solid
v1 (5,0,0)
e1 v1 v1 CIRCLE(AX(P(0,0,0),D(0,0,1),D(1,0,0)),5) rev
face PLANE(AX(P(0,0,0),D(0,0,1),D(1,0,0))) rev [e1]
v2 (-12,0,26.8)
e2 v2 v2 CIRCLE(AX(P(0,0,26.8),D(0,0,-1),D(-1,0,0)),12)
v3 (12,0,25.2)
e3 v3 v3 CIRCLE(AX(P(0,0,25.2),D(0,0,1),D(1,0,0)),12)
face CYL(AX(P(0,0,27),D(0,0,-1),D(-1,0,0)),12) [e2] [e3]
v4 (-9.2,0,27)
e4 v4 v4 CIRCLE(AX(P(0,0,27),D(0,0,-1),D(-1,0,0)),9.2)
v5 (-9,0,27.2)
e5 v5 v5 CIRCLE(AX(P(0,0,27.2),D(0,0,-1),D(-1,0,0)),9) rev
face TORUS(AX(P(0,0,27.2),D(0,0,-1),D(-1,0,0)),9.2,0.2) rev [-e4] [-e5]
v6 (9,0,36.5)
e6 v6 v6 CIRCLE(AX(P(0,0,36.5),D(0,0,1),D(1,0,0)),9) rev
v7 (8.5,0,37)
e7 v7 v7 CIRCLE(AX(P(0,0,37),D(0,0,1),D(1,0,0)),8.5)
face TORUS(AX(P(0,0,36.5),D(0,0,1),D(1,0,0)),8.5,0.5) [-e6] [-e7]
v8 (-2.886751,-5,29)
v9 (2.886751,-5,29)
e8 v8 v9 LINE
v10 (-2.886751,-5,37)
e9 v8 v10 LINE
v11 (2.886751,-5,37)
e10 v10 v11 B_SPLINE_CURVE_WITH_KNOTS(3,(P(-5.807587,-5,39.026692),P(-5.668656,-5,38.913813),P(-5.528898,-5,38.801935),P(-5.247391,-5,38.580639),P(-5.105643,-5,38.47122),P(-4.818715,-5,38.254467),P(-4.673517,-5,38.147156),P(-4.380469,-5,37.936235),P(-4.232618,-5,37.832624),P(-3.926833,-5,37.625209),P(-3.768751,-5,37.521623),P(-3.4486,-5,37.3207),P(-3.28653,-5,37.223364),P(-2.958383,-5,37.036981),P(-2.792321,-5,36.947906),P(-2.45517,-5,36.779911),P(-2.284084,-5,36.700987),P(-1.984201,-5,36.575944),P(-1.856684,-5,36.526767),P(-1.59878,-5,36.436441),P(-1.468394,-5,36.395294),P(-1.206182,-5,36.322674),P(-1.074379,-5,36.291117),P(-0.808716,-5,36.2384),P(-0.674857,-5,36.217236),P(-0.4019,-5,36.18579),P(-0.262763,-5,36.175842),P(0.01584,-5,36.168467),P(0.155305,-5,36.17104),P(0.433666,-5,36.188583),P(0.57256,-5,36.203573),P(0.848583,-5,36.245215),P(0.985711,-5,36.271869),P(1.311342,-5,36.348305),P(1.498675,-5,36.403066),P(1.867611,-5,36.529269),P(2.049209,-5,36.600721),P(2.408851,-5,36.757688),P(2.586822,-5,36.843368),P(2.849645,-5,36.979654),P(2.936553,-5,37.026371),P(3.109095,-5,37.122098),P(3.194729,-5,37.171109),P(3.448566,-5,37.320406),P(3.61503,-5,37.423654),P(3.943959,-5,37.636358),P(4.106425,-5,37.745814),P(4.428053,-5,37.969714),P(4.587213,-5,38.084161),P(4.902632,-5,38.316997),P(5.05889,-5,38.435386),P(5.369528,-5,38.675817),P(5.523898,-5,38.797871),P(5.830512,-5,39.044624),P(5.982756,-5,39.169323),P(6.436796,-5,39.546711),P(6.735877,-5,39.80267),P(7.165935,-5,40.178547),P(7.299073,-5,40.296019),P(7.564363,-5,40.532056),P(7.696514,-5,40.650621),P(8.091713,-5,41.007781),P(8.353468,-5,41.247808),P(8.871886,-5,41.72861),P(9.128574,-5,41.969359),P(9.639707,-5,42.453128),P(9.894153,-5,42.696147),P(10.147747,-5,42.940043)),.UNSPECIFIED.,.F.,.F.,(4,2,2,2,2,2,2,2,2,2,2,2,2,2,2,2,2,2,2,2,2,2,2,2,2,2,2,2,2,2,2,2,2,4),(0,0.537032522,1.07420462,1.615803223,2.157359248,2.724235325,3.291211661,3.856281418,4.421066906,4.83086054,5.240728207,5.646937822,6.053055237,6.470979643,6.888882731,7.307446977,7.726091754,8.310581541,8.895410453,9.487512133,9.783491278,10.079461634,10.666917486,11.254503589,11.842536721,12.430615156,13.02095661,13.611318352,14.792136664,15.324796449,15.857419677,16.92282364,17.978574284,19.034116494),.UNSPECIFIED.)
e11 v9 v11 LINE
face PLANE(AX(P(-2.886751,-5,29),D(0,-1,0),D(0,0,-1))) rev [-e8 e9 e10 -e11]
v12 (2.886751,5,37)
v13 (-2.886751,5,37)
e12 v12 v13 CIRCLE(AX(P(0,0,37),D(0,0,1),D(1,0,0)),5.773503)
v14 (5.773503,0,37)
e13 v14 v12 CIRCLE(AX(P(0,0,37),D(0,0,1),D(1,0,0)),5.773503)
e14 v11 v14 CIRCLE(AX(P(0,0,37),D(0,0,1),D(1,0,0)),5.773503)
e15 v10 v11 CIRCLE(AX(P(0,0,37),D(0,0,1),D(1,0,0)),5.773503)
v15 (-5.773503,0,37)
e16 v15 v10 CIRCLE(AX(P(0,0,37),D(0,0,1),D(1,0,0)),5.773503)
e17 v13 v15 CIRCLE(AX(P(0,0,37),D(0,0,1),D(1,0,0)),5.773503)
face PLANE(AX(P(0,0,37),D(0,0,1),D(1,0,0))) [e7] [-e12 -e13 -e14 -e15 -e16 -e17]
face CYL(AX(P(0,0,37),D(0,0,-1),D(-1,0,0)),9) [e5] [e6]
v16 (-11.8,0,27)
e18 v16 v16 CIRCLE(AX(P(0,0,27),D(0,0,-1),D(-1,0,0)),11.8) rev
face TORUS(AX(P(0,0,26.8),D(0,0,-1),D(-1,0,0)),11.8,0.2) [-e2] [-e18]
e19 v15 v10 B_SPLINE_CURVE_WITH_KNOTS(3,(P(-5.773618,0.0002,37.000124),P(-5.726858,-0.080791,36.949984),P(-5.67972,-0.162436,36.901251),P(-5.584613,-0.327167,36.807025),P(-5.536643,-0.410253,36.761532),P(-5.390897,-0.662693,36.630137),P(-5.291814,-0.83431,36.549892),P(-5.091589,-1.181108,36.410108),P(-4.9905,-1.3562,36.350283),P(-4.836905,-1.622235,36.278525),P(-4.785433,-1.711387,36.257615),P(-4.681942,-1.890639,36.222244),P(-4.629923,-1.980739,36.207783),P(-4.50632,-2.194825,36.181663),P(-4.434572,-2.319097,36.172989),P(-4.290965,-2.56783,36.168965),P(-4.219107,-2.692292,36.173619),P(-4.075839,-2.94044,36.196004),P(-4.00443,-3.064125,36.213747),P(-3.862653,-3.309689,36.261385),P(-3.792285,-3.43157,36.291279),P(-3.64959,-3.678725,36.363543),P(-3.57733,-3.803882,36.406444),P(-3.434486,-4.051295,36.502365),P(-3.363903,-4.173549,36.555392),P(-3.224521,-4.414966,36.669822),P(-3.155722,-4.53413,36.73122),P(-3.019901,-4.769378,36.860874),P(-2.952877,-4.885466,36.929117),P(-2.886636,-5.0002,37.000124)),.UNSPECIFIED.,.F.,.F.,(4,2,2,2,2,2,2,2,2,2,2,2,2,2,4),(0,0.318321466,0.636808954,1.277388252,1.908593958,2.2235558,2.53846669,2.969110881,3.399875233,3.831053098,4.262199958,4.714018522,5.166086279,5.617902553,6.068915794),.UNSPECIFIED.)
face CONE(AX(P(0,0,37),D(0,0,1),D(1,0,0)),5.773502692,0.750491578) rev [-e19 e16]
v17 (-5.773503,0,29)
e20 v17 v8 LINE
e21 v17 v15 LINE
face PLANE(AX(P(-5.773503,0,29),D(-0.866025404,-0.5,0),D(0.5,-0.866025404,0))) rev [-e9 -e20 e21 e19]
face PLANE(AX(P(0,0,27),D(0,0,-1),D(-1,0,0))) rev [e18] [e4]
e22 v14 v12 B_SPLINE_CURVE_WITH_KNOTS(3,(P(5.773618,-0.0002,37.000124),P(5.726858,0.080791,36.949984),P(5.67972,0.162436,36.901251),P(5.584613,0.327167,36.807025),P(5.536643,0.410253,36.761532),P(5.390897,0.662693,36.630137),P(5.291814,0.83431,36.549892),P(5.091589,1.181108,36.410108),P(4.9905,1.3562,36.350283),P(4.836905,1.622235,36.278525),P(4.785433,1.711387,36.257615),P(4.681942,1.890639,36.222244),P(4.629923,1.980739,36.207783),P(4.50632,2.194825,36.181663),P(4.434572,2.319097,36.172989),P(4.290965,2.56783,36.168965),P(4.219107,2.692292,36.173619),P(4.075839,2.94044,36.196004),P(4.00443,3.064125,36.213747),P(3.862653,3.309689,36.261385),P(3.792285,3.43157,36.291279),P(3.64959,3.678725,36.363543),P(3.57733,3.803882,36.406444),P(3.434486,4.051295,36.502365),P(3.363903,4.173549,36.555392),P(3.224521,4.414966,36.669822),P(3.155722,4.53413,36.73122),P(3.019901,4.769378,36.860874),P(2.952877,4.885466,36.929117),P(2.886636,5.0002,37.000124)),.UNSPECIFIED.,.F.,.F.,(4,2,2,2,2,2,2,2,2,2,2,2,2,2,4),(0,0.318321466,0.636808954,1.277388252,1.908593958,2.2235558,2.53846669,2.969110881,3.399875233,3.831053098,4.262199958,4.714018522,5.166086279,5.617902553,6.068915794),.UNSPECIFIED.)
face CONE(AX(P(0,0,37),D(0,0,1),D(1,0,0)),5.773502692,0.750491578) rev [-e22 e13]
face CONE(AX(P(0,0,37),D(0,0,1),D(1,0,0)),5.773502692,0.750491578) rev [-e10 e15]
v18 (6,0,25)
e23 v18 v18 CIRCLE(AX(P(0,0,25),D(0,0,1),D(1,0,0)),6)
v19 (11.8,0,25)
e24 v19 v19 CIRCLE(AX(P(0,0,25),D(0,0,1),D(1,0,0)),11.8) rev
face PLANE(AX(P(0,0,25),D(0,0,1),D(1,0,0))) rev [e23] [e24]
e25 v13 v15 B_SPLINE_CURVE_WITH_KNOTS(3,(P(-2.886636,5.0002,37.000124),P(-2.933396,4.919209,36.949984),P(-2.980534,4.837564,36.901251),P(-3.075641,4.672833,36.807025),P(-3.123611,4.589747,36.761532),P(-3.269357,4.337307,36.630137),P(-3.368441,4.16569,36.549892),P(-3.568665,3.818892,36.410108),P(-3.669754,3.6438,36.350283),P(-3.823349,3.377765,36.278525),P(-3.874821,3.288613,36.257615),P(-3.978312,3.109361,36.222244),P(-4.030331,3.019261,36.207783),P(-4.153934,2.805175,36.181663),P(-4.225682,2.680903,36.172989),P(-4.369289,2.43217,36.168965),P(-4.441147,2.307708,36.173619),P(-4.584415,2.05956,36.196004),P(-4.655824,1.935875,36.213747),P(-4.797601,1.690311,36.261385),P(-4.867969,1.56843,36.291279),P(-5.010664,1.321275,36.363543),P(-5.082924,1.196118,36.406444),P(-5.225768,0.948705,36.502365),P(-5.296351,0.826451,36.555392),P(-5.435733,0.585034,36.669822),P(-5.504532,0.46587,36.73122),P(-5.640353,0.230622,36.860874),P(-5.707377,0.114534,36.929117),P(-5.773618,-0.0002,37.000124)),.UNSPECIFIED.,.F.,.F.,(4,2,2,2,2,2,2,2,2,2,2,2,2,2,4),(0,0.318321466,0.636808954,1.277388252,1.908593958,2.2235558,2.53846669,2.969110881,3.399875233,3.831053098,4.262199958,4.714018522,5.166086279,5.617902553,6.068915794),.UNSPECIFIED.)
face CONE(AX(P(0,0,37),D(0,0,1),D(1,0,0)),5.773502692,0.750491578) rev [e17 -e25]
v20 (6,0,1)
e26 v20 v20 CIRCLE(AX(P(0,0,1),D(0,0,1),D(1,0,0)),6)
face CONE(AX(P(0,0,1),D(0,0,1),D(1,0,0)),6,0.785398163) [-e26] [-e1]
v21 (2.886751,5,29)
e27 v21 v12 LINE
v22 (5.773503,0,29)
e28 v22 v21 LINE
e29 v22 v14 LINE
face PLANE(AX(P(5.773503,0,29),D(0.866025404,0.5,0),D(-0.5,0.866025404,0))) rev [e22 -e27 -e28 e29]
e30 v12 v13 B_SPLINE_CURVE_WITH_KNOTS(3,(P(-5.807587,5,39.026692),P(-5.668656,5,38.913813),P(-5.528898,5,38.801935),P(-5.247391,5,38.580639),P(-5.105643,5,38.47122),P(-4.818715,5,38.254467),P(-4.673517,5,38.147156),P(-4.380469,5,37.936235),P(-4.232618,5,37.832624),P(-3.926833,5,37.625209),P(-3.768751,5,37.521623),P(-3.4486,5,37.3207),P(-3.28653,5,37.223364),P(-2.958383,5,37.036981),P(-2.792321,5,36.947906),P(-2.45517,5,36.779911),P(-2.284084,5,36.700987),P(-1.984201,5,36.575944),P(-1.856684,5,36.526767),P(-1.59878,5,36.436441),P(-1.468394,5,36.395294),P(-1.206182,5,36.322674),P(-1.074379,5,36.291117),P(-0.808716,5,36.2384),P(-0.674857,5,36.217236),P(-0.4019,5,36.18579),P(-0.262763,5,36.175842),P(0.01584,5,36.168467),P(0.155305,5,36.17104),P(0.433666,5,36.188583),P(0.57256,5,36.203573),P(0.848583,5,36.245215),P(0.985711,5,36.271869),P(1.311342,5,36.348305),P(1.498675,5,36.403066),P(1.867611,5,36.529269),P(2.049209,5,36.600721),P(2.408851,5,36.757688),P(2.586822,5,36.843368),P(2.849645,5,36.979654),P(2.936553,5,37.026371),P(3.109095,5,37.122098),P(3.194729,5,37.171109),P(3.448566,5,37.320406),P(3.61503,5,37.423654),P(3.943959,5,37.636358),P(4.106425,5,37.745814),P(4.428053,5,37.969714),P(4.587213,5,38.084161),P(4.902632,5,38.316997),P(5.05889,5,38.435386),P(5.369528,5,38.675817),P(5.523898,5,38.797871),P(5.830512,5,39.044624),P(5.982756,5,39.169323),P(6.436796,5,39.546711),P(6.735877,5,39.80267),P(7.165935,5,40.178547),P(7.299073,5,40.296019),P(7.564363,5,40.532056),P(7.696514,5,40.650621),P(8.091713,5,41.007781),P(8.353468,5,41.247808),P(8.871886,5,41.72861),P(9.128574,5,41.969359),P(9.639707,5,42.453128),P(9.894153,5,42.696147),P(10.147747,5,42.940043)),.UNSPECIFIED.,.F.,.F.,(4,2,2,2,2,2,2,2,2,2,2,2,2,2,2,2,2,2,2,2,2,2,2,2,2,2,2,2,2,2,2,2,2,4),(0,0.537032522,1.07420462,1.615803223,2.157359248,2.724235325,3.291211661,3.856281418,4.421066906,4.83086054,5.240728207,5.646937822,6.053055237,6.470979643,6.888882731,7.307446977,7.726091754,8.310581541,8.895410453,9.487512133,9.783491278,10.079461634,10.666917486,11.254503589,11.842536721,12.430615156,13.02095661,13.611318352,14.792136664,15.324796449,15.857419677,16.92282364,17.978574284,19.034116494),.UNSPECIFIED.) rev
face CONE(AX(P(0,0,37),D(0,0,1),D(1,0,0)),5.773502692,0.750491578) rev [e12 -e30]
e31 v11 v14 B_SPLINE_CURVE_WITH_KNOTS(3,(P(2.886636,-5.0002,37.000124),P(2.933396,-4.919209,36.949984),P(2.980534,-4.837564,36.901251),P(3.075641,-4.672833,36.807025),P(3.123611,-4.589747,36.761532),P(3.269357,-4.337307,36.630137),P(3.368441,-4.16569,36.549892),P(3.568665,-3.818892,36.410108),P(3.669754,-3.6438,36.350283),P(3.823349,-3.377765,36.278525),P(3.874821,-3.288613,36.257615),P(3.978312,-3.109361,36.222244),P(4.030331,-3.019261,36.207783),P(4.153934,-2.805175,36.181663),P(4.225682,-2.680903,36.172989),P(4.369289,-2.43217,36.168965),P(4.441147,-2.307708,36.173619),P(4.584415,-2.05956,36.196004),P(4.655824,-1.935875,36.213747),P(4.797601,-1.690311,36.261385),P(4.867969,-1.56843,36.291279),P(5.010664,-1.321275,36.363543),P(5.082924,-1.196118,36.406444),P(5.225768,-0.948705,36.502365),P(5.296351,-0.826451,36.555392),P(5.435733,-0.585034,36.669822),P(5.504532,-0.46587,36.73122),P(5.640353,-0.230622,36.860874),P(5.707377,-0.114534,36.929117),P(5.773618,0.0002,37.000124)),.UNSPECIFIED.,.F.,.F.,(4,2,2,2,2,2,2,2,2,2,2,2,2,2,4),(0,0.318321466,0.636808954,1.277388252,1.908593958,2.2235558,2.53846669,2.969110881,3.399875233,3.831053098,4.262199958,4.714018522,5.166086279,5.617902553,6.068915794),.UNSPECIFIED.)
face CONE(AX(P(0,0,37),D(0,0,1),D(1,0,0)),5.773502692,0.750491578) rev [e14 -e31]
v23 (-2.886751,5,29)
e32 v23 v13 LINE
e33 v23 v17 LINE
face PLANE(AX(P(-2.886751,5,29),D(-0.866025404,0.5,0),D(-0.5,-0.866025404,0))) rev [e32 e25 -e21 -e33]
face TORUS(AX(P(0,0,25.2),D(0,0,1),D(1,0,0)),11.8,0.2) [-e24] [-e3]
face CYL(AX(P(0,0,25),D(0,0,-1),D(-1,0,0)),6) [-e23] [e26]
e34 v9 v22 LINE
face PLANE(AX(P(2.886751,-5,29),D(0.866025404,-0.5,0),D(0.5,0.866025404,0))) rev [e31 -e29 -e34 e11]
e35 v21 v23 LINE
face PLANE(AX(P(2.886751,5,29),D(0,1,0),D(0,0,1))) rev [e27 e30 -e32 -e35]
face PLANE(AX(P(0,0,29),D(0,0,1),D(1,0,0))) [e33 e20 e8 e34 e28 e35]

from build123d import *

# Parameters (mm, degrees)
SCHIZZO1_R                   = 6
ESTRUSIONE_ESTRUSIONE1_DEPTH = 25
SMUSSO1_SIZE                 = 1
SCHIZZO6_R                   = 9
ESTRUSIONE_ESTRUSIONE3_DEPTH = 12
TAGLIO_ESTRUSIONE3_DEPTH     = 8
SCHIZZO8_R                   = 5.773502692
TAGLIO_ESTRUSIONE4_DEPTH     = 1
TAGLIO_ESTRUSIONE4_TAPER     = 43
RACCORDO4_R                  = 0.5
SCHIZZO9_R                   = 12
SCHIZZO9_R_2                 = 9
ESTRUSIONE_ESTRUSIONE4_DEPTH = 2
RACCORDO5_R                  = 0.2


with BuildPart() as part:
    # Schizzo1 → Estrusione-Estrusione1 (new body)
    with BuildSketch(Plane.XY):
        Circle(SCHIZZO1_R)
    extrude(amount=ESTRUSIONE_ESTRUSIONE1_DEPTH)

    # Smusso1
    smusso1_edges = [part.edges().sort_by_distance(p)[0] for p in [
        (-6, 0, 0),
    ]]
    chamfer(smusso1_edges, length=SMUSSO1_SIZE)

    # Schizzo6 → Estrusione-Estrusione3 (add)
    with BuildSketch(Plane.XY.offset(25)):
        Circle(SCHIZZO6_R)
    extrude(amount=ESTRUSIONE_ESTRUSIONE3_DEPTH)

    # Schizzo7 → Taglio-Estrusione3 (cut)
    with BuildSketch(Plane.XY.offset(37)):
        Polygon((2.886751346, 5), (-2.886751346, 5), (-5.773502692, 0), (-2.886751346, -5), (2.886751346, -5), (5.773502692, 0), align=None)
    extrude(amount=-TAGLIO_ESTRUSIONE3_DEPTH, mode=Mode.SUBTRACT)

    # Schizzo8 → Taglio-Estrusione4 (cut)
    with BuildSketch(Plane.XY.offset(37)):
        Circle(SCHIZZO8_R)
    extrude(amount=-TAGLIO_ESTRUSIONE4_DEPTH, taper=TAGLIO_ESTRUSIONE4_TAPER, mode=Mode.SUBTRACT)

    # Raccordo4
    raccordo4_edges = [part.edges().sort_by_distance(p)[0] for p in [
        (-9, 0, 37),
    ]]
    fillet(raccordo4_edges, radius=RACCORDO4_R)

    # Schizzo9 → Estrusione-Estrusione4 (add)
    with BuildSketch(Plane(origin=(0, 0, 25), x_dir=(-1, 0, 0), z_dir=(0, 0, -1))):
        Circle(SCHIZZO9_R)
        Circle(SCHIZZO9_R_2, mode=Mode.SUBTRACT)
    extrude(amount=-ESTRUSIONE_ESTRUSIONE4_DEPTH)

    # Raccordo5
    raccordo5_edges = [part.edges().sort_by_distance(p)[0] for p in [
        (-9, 0, 27),
        (12, 0, 27),
        (12, 0, 25),
    ]]
    fillet(raccordo5_edges, radius=RACCORDO5_R)


solid = part.part
